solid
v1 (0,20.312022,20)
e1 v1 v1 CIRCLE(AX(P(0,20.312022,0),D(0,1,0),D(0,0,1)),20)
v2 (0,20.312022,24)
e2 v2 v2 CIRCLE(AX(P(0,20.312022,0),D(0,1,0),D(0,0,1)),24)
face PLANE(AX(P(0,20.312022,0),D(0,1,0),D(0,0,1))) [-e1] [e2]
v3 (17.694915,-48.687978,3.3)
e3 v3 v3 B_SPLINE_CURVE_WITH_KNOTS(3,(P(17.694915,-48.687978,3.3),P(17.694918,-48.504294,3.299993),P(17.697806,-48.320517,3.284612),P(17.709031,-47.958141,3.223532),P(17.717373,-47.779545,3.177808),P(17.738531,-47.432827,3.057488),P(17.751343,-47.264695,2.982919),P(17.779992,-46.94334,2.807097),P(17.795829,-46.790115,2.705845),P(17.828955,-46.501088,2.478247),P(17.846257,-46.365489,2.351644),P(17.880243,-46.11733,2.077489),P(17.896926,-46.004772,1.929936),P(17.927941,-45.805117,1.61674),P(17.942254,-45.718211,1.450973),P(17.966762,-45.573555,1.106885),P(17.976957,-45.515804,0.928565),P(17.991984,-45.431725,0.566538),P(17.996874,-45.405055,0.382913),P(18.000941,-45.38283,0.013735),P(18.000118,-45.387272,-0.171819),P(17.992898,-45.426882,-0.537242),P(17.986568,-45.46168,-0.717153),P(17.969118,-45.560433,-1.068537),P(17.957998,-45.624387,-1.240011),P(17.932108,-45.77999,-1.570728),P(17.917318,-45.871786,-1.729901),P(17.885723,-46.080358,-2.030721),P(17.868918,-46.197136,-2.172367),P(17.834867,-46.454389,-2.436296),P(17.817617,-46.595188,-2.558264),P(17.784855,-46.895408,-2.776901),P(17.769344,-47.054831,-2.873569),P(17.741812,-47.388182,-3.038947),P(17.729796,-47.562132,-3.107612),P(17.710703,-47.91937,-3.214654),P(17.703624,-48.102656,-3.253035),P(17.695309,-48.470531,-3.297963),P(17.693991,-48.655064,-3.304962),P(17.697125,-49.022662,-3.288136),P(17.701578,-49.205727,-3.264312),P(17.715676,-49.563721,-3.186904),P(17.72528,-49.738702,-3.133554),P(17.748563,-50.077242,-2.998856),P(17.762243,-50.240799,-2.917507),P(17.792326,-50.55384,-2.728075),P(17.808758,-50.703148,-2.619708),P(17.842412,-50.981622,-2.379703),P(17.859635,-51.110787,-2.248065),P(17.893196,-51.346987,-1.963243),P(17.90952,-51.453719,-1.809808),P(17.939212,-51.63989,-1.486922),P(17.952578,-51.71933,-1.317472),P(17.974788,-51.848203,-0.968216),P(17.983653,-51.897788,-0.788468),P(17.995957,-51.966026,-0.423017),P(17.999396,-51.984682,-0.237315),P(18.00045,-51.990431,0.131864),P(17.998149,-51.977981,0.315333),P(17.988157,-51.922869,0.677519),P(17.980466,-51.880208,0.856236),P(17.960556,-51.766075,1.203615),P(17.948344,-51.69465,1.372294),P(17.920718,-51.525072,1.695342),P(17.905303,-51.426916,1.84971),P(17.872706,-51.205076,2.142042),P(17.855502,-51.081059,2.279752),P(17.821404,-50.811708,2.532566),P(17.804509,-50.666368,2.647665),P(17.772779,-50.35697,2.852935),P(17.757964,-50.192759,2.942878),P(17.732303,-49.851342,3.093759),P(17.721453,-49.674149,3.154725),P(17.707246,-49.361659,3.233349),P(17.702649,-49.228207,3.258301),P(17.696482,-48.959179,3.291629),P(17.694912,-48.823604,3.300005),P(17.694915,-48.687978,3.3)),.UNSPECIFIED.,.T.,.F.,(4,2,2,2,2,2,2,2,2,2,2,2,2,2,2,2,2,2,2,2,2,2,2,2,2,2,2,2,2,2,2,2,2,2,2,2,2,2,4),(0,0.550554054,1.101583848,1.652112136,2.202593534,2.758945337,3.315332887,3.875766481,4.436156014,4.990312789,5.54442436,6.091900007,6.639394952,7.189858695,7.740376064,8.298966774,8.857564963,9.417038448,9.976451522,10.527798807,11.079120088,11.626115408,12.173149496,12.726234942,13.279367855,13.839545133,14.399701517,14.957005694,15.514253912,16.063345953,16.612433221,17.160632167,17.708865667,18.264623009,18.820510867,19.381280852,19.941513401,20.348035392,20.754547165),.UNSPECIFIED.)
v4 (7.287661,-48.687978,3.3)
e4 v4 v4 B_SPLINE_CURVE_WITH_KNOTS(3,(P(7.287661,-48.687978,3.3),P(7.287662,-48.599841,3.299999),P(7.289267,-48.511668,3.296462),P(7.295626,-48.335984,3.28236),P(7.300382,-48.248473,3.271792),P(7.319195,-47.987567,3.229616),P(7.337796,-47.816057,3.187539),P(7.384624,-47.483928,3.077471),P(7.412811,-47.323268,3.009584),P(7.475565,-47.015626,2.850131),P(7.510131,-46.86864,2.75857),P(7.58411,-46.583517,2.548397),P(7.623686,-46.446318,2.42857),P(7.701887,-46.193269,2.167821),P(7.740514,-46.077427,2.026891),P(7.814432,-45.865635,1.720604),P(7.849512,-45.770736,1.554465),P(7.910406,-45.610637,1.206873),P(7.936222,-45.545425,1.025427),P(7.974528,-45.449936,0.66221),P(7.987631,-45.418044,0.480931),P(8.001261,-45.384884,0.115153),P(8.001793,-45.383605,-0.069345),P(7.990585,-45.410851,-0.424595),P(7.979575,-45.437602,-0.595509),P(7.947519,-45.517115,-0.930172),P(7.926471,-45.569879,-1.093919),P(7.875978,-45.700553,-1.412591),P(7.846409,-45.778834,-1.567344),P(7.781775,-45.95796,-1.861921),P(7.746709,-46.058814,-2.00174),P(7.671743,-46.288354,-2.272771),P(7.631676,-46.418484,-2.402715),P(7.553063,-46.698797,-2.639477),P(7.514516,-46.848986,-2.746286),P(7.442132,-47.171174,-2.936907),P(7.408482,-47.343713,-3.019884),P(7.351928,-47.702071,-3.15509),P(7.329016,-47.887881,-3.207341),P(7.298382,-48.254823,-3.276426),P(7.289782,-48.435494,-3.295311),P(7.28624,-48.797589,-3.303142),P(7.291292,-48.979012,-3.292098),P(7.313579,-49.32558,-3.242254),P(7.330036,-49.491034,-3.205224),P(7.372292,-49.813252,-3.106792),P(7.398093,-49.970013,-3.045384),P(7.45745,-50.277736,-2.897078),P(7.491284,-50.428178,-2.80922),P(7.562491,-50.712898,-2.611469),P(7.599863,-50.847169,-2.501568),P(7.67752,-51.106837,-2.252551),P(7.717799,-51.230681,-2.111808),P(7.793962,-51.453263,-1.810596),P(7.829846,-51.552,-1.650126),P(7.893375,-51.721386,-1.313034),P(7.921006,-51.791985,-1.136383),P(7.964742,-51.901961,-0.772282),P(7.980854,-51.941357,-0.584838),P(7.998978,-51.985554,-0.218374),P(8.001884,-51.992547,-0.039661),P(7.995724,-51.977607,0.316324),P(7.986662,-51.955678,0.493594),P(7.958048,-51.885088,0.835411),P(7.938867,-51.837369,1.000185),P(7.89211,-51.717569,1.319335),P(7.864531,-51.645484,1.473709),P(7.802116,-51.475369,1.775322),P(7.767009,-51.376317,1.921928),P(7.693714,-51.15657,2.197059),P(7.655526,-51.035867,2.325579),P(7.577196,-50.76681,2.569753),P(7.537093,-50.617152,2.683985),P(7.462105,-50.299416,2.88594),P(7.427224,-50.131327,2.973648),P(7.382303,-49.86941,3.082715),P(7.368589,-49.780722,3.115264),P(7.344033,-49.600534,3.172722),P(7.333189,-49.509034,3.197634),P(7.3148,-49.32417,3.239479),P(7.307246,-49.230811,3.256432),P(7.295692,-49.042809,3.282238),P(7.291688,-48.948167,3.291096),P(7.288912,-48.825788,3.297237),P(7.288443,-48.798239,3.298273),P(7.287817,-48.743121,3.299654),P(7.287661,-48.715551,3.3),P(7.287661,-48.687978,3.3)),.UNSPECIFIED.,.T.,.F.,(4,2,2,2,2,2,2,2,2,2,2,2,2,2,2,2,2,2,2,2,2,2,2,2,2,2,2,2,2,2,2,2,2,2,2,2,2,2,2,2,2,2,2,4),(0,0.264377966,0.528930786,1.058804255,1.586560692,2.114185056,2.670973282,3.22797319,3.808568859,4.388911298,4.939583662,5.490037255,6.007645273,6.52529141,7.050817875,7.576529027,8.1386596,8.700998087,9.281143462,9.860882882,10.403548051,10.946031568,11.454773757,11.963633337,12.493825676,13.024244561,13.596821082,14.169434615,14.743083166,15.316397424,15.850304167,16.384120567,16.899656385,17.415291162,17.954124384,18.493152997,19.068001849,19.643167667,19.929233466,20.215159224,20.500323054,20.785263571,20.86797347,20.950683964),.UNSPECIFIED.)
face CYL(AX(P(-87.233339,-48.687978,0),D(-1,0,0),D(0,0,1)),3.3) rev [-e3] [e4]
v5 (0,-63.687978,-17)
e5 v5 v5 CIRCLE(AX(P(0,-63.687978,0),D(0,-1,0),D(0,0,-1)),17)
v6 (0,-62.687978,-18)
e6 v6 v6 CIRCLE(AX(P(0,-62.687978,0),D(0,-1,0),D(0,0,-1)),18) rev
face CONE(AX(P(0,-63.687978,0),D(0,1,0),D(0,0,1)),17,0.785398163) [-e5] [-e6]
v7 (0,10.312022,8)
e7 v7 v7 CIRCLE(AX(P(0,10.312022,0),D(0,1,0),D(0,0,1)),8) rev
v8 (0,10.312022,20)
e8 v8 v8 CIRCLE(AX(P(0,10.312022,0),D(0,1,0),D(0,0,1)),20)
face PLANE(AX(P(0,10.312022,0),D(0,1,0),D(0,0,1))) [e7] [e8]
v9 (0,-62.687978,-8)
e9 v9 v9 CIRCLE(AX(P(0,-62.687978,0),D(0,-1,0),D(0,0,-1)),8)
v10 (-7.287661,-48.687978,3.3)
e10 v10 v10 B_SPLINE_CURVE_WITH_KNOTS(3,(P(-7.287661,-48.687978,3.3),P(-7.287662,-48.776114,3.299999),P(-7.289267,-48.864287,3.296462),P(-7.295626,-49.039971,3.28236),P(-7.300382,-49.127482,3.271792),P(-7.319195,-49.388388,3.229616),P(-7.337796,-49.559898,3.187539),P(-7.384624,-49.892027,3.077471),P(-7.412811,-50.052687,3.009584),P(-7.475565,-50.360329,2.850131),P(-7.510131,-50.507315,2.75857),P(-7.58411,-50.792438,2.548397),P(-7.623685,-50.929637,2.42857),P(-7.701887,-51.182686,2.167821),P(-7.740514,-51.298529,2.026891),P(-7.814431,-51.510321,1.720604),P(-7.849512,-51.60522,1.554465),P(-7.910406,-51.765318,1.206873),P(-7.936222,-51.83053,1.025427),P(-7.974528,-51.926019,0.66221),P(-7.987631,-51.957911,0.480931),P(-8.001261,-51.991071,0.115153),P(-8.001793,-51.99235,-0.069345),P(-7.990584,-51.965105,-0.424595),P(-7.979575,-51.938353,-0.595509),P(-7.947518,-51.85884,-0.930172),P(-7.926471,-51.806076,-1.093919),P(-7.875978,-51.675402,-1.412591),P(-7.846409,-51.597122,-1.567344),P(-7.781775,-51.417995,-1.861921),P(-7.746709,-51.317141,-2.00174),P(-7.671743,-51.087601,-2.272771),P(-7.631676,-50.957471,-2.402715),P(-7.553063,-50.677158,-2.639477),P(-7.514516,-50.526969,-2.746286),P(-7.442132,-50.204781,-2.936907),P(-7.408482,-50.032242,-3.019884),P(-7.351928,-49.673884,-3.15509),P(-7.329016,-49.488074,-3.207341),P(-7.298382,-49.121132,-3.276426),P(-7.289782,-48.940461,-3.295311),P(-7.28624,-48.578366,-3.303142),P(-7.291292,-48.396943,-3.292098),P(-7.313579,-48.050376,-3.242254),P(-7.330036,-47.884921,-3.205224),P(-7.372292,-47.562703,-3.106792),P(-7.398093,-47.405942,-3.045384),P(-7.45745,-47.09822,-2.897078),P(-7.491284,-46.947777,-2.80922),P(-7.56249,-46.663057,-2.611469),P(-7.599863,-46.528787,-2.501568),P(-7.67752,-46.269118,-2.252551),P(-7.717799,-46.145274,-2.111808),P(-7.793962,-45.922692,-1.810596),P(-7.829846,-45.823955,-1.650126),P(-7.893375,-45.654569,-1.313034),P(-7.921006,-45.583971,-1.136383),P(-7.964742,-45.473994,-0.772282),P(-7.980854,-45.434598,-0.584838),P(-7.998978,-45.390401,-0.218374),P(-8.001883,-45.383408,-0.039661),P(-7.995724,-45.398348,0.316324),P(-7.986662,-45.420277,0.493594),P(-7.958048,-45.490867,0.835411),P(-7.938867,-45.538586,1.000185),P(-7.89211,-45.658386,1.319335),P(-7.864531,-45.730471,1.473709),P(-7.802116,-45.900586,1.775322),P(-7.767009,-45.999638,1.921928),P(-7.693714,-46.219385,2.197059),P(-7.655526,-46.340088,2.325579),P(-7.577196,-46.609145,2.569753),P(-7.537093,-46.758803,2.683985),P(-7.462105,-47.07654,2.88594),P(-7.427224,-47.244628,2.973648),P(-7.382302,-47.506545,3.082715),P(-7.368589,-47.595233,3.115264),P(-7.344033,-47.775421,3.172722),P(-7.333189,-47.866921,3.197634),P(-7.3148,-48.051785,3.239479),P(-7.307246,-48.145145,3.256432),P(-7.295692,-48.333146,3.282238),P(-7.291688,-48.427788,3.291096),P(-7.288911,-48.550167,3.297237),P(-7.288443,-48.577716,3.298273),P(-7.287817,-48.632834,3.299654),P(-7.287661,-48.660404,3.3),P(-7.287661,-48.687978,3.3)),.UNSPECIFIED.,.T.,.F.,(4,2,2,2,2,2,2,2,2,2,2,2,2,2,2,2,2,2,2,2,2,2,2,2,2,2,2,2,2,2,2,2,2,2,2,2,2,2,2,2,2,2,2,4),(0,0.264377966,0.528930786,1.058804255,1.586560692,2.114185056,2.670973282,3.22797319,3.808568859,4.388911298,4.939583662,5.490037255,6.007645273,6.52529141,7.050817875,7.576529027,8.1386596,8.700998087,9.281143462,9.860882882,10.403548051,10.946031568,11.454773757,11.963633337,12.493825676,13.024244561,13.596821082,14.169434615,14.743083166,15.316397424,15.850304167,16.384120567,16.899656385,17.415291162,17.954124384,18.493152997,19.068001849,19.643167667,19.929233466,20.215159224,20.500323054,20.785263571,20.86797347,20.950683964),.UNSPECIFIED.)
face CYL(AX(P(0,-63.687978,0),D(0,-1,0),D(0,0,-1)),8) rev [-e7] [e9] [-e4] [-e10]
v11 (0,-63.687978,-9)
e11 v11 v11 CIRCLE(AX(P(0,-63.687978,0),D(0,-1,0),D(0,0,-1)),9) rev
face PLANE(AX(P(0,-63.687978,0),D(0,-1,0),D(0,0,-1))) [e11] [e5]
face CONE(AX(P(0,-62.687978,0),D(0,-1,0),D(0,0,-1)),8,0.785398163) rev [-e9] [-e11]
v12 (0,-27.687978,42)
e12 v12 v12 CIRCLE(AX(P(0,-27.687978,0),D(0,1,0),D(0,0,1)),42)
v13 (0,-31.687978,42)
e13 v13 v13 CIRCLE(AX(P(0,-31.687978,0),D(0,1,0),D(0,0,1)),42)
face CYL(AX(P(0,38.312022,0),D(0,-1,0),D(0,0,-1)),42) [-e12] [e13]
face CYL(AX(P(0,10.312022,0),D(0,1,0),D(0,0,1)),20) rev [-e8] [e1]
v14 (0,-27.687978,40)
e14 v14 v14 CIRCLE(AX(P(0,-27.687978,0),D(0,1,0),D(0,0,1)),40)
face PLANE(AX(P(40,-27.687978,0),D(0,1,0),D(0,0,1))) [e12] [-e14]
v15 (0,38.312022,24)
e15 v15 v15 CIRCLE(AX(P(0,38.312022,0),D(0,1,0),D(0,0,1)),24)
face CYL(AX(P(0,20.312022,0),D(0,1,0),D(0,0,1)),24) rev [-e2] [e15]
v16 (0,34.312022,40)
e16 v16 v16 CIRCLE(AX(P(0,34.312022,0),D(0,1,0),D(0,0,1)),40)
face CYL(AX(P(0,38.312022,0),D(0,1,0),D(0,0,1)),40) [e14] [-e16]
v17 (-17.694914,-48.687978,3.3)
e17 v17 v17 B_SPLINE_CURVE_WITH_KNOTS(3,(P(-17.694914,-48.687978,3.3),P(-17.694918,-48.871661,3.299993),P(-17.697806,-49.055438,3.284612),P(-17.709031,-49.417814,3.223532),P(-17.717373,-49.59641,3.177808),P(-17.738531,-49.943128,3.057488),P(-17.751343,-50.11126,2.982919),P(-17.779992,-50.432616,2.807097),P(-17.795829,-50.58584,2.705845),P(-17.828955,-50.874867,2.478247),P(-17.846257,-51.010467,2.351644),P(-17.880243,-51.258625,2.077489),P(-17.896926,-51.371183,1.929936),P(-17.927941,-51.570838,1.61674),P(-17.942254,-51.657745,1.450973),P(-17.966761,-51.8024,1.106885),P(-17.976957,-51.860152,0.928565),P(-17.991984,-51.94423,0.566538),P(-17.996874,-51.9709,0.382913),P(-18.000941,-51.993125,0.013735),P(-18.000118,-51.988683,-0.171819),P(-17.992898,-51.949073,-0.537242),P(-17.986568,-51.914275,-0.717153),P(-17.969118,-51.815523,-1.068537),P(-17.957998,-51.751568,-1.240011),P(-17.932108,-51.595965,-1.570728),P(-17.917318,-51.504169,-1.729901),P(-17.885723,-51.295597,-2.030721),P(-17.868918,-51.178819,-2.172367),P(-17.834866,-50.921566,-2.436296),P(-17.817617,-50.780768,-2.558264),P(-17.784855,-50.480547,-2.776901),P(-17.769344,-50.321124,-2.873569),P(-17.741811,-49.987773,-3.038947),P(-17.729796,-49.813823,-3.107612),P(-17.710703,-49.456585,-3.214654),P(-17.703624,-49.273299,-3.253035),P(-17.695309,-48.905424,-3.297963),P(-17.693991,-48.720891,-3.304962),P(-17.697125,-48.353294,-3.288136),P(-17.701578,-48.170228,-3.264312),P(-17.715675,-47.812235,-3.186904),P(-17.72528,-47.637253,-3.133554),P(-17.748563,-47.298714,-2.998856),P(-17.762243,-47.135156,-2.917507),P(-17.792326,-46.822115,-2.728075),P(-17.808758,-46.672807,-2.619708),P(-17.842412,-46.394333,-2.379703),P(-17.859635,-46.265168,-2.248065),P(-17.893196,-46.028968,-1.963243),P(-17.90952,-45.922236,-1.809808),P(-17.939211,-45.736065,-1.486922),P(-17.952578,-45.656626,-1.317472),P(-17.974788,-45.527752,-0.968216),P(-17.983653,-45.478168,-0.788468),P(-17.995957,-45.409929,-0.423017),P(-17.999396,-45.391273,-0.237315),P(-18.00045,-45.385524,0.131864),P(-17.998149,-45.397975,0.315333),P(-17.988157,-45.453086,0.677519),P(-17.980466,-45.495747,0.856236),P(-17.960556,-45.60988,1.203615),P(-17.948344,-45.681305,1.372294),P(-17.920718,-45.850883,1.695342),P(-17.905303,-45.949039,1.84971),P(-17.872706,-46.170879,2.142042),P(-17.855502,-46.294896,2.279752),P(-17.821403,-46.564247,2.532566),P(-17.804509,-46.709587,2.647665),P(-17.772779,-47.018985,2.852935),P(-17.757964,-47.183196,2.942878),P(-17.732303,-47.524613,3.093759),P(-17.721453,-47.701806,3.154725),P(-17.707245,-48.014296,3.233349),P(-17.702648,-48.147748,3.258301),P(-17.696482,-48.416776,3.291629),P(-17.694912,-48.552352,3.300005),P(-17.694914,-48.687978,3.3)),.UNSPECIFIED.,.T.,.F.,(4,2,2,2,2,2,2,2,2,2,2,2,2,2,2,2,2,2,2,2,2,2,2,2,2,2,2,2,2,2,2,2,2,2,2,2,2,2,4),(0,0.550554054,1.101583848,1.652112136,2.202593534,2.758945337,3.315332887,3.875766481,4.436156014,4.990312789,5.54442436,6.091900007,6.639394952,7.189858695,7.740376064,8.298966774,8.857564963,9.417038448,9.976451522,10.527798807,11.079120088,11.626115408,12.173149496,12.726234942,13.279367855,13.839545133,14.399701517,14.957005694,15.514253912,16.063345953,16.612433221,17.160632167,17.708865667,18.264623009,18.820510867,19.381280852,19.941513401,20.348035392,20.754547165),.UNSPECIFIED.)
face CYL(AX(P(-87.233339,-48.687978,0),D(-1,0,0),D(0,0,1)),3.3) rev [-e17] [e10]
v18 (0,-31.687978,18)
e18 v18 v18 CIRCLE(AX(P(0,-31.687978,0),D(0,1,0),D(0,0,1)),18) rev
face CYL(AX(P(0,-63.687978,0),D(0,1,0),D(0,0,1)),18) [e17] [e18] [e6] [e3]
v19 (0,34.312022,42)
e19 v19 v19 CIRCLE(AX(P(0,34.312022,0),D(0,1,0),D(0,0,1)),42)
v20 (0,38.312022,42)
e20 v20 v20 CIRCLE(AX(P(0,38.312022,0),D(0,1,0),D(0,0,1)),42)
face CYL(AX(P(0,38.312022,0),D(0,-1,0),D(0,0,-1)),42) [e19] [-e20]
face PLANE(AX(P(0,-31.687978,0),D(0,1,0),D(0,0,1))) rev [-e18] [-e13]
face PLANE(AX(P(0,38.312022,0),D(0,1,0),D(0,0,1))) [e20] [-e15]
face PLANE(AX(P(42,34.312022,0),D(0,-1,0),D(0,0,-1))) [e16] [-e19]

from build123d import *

# Parameters (mm, degrees)
SKETCH_1_R            = 21
EXTRUDE_1_DEPTH       = 17.5
SKETCH_2_W            = 1
SKETCH_2_H            = 31
SKETCH_3_R            = 12
CUT_EXTRUDE_1_DEPTH   = 9
SKETCH_4_R            = 9
EXTRUDE_2_DEPTH       = 16
HOLE_WIZARD_M4_2_D    = 3.3
HOLE_WIZARD_8_0_8_1_D = 8
CHAMFER_2_SIZE        = 0.5
SKETCH_15_R           = 10
CUT_EXTRUDE_3_DEPTH   = 5
SCALE1_SCALE          = 2


with BuildPart() as part:
    # 草图1 → 凸台-拉伸1 (new, symmetric)
    with BuildSketch(Plane(origin=(0, 0, 0), x_dir=(1, 0, 0), z_dir=(0, 1, 0))):
        with Locations(Location((0, 0, 0), (0, 0, 270))):
            Circle(SKETCH_1_R)
    extrude(amount=EXTRUDE_1_DEPTH, both=True)

    # 草图2 → 切除-旋转1 (revolve, cut)
    with BuildSketch(Plane.XY, mode=Mode.PRIVATE) as cut_revolve_1_sk:
        with Locations((20.5, 0)):
            Rectangle(SKETCH_2_W, SKETCH_2_H)
    revolve(cut_revolve_1_sk.sketch.rotate(Axis((0, 17.5, 0), (0, -1, 0)), 90), axis=Axis((0, 17.5, 0), (0, -1, 0)), mode=Mode.SUBTRACT)

    # 草图3 → 切除-拉伸1 (cut)
    with BuildSketch(Plane(origin=(0, 17.5, 0), x_dir=(1, 0, 0), z_dir=(0, 1, 0))):
        with Locations(Location((0, 0, 0), (0, 0, 270))):
            Circle(SKETCH_3_R)
    extrude(amount=-CUT_EXTRUDE_1_DEPTH, mode=Mode.SUBTRACT)

    # 草图4 → 凸台-拉伸2 (add)
    with BuildSketch(Plane.XZ.offset(17.5)):
        with Locations(Location((0, 0, 0), (0, 0, 90))):
            Circle(SKETCH_4_R)
    extrude(amount=EXTRUDE_2_DEPTH)

    # M4 螺纹孔2 (through all)
    with Locations(Plane(origin=(-43.616669336, 0, 0), x_dir=(0, 0, -1), z_dir=(-1, 0, 0))):
        with Locations((0, 26)):
            Hole(HOLE_WIZARD_M4_2_D / 2)

    # Ø8.0 (8) 直径孔1 (through all)
    with Locations(Plane(origin=(0, -33.5, 0), x_dir=(-1, 0, 0), z_dir=(0, -1, 0))):
        with Locations((0, 0)):
            Hole(HOLE_WIZARD_8_0_8_1_D / 2)

    # 倒角2
    chamfer_2_edges = [part.edges().sort_by_distance(p)[0] for p in [
        (0, -33.5, -9),
        (-4, -33.5, 0),
    ]]
    chamfer(chamfer_2_edges, length=CHAMFER_2_SIZE)

    # 草图15 → 切除-拉伸3 (cut)
    with BuildSketch(Plane(origin=(0, 8.5, 0), x_dir=(1, 0, 0), z_dir=(0, 1, 0))):
        with Locations(Location((0, 0, 0), (0, 0, 270))):
            Circle(SKETCH_15_R)
    extrude(amount=-CUT_EXTRUDE_3_DEPTH, mode=Mode.SUBTRACT)


with BuildPart() as part_1:
    # Scale1: scaled about (-1.22e-07, -3.311996838, 3.643e-06)
    add(part.part.scale(SCALE1_SCALE).moved(Location((1.22e-07, 3.311996838, -3.643e-06))))


solid = part_1.part
